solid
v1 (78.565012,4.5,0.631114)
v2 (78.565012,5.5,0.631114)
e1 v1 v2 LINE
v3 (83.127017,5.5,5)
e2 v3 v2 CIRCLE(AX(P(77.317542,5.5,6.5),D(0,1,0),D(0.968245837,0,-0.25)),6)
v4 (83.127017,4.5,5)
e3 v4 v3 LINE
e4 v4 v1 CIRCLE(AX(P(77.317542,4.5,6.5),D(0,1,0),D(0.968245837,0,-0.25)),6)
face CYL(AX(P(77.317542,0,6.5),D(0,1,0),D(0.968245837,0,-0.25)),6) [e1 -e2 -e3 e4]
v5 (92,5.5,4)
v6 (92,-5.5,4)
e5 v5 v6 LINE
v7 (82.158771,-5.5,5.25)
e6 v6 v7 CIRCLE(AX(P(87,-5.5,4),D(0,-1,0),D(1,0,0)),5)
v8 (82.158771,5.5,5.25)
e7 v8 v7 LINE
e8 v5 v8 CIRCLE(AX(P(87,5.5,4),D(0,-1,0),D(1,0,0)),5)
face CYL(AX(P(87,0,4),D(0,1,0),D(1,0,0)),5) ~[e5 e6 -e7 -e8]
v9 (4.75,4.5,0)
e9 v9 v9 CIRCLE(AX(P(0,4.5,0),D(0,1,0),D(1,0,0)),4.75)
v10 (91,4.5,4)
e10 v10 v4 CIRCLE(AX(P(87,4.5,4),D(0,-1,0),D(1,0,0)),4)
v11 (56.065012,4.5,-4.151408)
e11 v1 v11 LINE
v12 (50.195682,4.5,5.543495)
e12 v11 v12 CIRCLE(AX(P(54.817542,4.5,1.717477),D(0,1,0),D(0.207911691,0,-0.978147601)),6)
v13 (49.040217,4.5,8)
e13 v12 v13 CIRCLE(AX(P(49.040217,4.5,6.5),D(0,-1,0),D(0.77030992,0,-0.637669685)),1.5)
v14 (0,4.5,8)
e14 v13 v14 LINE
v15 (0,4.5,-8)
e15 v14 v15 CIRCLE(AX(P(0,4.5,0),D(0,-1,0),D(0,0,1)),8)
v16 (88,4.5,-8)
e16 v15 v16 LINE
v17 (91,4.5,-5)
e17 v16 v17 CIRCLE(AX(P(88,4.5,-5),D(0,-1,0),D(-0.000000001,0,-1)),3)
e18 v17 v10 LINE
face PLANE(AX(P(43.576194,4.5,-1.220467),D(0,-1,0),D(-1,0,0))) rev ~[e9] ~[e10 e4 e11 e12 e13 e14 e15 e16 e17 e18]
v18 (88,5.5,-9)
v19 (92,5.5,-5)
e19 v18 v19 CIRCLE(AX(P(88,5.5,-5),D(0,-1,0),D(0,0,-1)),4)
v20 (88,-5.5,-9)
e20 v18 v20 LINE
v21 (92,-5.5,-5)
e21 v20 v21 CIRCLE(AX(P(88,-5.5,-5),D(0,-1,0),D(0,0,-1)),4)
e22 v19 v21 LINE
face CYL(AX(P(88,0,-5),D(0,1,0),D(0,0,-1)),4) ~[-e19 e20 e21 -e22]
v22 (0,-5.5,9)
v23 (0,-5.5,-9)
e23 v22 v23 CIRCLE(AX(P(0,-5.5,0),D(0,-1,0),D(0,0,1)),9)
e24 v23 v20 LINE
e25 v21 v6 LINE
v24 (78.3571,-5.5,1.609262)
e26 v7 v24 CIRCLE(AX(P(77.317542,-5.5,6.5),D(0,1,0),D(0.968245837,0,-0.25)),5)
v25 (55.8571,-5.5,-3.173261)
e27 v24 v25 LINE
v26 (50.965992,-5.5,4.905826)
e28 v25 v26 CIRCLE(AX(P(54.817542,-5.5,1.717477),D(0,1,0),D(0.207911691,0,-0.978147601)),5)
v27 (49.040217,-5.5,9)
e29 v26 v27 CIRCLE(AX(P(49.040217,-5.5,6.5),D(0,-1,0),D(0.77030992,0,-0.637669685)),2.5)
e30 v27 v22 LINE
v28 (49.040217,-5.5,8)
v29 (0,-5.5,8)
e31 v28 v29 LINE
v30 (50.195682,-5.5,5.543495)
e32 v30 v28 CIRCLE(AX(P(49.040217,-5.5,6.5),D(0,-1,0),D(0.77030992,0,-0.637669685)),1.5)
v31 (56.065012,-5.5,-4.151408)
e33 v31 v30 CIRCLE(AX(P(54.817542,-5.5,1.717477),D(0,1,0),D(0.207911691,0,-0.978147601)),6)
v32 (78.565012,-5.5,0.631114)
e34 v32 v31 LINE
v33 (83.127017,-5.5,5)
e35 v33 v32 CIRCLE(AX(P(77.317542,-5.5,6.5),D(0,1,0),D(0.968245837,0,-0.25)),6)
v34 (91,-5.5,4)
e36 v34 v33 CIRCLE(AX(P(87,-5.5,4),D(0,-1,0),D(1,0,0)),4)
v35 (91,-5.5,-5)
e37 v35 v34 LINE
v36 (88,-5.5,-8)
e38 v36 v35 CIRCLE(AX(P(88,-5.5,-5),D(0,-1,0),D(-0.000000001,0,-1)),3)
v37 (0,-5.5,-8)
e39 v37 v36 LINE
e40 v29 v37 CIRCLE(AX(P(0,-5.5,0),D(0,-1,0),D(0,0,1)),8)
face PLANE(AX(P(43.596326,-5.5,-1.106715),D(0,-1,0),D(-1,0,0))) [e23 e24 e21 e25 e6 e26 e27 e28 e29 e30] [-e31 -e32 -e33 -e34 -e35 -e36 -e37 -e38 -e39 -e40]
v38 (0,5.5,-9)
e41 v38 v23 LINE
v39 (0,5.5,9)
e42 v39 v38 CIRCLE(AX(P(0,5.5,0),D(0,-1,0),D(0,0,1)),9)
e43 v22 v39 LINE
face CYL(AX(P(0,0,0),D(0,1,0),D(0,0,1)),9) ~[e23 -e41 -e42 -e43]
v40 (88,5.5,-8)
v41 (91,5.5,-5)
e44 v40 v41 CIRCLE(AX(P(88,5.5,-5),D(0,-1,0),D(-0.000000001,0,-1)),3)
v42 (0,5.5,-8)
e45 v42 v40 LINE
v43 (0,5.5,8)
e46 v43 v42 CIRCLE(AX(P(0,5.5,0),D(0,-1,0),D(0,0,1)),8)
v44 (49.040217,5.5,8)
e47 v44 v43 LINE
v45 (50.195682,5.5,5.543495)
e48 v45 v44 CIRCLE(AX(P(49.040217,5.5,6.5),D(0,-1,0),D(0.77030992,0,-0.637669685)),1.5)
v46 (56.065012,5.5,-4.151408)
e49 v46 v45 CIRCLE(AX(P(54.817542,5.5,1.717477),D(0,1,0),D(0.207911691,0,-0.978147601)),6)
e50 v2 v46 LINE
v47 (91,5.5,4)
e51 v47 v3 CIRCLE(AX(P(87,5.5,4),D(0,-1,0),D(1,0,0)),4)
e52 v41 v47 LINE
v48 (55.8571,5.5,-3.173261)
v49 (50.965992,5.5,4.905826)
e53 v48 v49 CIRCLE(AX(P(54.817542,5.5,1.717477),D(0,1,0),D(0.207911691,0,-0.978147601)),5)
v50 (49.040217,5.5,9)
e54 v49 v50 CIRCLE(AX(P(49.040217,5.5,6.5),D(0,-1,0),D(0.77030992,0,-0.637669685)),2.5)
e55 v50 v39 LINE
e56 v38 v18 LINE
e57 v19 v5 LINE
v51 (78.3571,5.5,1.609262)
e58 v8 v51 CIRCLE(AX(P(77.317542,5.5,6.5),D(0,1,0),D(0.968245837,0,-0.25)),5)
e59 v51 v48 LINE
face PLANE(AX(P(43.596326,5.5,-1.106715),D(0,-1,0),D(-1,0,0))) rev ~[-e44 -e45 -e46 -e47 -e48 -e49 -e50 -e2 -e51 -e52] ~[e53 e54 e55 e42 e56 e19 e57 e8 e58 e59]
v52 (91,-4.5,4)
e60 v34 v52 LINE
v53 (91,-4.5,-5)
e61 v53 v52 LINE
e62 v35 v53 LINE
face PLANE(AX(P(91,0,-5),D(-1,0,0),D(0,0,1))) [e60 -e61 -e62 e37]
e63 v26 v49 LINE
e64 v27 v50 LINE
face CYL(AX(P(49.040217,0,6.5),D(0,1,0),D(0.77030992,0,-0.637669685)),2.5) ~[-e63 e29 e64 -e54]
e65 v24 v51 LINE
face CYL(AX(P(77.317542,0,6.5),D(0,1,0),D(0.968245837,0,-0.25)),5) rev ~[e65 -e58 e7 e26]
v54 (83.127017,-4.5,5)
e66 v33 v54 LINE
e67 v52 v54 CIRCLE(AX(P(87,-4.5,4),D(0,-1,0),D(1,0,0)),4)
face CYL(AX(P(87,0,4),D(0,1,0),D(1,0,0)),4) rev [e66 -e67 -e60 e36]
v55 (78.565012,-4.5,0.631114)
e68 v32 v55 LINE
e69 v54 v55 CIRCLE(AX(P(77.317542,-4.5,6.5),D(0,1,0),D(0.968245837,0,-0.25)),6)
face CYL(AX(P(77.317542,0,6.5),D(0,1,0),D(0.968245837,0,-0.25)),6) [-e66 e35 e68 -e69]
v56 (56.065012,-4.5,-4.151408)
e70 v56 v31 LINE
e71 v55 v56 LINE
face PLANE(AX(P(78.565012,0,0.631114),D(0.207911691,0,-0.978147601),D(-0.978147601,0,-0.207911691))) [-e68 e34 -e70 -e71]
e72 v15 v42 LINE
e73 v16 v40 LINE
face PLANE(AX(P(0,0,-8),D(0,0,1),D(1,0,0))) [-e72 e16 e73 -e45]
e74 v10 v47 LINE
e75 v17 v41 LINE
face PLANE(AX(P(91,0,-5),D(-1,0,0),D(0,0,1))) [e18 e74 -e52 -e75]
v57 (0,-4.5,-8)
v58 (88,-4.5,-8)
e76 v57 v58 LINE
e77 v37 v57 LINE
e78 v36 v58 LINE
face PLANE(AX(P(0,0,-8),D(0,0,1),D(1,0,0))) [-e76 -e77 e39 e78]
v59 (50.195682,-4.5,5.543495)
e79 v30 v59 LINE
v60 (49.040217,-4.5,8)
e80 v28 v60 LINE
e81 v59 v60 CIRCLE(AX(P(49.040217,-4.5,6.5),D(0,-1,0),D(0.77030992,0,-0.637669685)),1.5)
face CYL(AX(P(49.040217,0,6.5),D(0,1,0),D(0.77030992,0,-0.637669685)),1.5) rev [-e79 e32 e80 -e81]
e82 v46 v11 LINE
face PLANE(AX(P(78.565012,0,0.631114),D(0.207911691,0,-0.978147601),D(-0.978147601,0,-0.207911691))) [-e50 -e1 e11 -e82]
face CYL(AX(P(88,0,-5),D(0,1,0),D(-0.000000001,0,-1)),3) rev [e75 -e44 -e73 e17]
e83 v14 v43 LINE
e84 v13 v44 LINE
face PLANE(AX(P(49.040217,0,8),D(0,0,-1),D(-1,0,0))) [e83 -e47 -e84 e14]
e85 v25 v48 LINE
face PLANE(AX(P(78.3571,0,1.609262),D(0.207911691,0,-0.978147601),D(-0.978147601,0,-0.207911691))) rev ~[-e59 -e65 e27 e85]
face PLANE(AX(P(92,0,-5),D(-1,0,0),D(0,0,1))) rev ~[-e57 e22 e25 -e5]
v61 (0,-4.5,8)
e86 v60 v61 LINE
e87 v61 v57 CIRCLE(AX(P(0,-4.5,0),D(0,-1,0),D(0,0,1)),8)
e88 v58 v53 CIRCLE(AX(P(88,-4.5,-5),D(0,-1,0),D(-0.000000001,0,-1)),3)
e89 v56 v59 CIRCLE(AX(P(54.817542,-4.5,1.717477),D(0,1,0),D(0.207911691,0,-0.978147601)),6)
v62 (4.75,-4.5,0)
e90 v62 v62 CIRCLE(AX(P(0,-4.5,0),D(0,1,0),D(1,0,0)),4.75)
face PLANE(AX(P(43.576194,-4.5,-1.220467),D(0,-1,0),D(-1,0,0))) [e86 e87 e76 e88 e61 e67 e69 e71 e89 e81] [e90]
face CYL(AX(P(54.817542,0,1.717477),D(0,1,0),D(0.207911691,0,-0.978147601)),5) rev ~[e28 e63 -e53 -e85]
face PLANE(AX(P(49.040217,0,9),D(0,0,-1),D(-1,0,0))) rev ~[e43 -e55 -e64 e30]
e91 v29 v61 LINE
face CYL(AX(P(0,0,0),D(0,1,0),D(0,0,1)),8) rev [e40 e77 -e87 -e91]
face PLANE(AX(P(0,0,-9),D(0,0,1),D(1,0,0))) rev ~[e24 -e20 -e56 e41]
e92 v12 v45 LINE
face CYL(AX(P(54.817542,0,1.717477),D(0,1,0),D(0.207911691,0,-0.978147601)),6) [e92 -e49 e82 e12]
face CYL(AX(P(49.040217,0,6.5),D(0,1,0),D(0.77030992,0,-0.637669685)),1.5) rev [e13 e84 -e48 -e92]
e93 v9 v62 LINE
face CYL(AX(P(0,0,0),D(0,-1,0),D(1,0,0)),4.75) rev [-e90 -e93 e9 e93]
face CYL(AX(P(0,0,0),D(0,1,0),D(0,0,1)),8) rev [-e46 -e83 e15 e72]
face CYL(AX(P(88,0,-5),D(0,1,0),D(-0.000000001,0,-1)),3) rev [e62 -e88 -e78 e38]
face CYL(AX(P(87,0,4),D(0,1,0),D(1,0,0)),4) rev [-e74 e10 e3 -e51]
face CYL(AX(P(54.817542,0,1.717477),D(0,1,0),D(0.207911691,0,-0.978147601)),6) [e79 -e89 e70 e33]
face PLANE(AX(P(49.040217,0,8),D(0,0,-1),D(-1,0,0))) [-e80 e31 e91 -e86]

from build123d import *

# Parameters (mm, degrees)
SKETCH6_R           = 4.75
BOSS_EXTRUDE1_DEPTH = 4.5
BOSS_EXTRUDE2_DEPTH = 5.5


with BuildPart() as part:
    # Sketch6 → Boss-Extrude1 (new, symmetric)
    with BuildSketch(Plane(origin=(0, 0, 0), x_dir=(1, 0, 0), z_dir=(0, 1, 0))):
        with BuildLine():
            Line((88, 8), (0, 8))
            ThreePointArc((0, 8), (-8, 0), (0, -8))
            Line((0, -8), (49.040217235, -8))
            ThreePointArc((49.040217235, -8), (50.397559636, -7.138452508), (50.195682115, -5.543495472))
            ThreePointArc((50.195682115, -5.543495472), (49.68486052, 1.389866291), (56.065011779, 4.151408242))
            Line((56.065011779, 4.151408242), (78.565011779, -0.631114396))
            ThreePointArc((78.565011779, -0.631114396), (81.467470443, -2.166630539), (83.127016654, -5))
            ThreePointArc((83.127016654, -5), (87.50401717, -7.968118785), (91, -4))
            Line((91, -4), (91, 5))
            ThreePointArc((91, 5), (90.121320344, 7.121320344), (88, 8))
        make_face()
        Circle(SKETCH6_R, mode=Mode.SUBTRACT)
    extrude(amount=BOSS_EXTRUDE1_DEPTH, both=True)

    # Sketch6<3> → Boss-Extrude2 (add, symmetric)
    with BuildSketch(Plane(origin=(0, 0, 0), x_dir=(1, 0, 0), z_dir=(0, 1, 0))):
        with BuildLine():
            Line((88, 9), (0, 9))
            ThreePointArc((0, 9), (-9, 0), (0, -9))
            Line((0, -9), (49.040217235, -9))
            ThreePointArc((49.040217235, -9), (51.302454571, -7.564087513), (50.965992035, -4.905825787))
            ThreePointArc((50.965992035, -4.905825787), (50.540307373, 0.871975682), (55.857100089, 3.173260641))
            Line((55.857100089, 3.173260641), (78.357100089, -1.609261996))
            ThreePointArc((78.357100089, -1.609261996), (80.775815642, -2.888858783), (82.158770817, -5.25))
            ThreePointArc((82.158770817, -5.25), (87.630021462, -8.960148481), (92, -4))
            Line((92, -4), (92, 5))
            ThreePointArc((92, 5), (90.828427125, 7.828427125), (88, 9))
        make_face()
        with BuildLine():
            ThreePointArc((0, -8), (-8, 0), (0, 8))
            Line((0, 8), (88, 8))
            ThreePointArc((88, 8), (90.121320344, 7.121320344), (91, 5))
            Line((91, 5), (91, -4))
            ThreePointArc((91, -4), (87.50401717, -7.968118785), (83.127016654, -5))
            ThreePointArc((83.127016654, -5), (81.467470443, -2.166630539), (78.565011779, -0.631114396))
            Line((78.565011779, -0.631114396), (56.065011779, 4.151408242))
            ThreePointArc((56.065011779, 4.151408242), (49.68486052, 1.389866291), (50.195682115, -5.543495472))
            ThreePointArc((50.195682115, -5.543495472), (50.397559636, -7.138452508), (49.040217235, -8))
            Line((49.040217235, -8), (0, -8))
        make_face(mode=Mode.SUBTRACT)
    extrude(amount=BOSS_EXTRUDE2_DEPTH, both=True)


solid = part.part
